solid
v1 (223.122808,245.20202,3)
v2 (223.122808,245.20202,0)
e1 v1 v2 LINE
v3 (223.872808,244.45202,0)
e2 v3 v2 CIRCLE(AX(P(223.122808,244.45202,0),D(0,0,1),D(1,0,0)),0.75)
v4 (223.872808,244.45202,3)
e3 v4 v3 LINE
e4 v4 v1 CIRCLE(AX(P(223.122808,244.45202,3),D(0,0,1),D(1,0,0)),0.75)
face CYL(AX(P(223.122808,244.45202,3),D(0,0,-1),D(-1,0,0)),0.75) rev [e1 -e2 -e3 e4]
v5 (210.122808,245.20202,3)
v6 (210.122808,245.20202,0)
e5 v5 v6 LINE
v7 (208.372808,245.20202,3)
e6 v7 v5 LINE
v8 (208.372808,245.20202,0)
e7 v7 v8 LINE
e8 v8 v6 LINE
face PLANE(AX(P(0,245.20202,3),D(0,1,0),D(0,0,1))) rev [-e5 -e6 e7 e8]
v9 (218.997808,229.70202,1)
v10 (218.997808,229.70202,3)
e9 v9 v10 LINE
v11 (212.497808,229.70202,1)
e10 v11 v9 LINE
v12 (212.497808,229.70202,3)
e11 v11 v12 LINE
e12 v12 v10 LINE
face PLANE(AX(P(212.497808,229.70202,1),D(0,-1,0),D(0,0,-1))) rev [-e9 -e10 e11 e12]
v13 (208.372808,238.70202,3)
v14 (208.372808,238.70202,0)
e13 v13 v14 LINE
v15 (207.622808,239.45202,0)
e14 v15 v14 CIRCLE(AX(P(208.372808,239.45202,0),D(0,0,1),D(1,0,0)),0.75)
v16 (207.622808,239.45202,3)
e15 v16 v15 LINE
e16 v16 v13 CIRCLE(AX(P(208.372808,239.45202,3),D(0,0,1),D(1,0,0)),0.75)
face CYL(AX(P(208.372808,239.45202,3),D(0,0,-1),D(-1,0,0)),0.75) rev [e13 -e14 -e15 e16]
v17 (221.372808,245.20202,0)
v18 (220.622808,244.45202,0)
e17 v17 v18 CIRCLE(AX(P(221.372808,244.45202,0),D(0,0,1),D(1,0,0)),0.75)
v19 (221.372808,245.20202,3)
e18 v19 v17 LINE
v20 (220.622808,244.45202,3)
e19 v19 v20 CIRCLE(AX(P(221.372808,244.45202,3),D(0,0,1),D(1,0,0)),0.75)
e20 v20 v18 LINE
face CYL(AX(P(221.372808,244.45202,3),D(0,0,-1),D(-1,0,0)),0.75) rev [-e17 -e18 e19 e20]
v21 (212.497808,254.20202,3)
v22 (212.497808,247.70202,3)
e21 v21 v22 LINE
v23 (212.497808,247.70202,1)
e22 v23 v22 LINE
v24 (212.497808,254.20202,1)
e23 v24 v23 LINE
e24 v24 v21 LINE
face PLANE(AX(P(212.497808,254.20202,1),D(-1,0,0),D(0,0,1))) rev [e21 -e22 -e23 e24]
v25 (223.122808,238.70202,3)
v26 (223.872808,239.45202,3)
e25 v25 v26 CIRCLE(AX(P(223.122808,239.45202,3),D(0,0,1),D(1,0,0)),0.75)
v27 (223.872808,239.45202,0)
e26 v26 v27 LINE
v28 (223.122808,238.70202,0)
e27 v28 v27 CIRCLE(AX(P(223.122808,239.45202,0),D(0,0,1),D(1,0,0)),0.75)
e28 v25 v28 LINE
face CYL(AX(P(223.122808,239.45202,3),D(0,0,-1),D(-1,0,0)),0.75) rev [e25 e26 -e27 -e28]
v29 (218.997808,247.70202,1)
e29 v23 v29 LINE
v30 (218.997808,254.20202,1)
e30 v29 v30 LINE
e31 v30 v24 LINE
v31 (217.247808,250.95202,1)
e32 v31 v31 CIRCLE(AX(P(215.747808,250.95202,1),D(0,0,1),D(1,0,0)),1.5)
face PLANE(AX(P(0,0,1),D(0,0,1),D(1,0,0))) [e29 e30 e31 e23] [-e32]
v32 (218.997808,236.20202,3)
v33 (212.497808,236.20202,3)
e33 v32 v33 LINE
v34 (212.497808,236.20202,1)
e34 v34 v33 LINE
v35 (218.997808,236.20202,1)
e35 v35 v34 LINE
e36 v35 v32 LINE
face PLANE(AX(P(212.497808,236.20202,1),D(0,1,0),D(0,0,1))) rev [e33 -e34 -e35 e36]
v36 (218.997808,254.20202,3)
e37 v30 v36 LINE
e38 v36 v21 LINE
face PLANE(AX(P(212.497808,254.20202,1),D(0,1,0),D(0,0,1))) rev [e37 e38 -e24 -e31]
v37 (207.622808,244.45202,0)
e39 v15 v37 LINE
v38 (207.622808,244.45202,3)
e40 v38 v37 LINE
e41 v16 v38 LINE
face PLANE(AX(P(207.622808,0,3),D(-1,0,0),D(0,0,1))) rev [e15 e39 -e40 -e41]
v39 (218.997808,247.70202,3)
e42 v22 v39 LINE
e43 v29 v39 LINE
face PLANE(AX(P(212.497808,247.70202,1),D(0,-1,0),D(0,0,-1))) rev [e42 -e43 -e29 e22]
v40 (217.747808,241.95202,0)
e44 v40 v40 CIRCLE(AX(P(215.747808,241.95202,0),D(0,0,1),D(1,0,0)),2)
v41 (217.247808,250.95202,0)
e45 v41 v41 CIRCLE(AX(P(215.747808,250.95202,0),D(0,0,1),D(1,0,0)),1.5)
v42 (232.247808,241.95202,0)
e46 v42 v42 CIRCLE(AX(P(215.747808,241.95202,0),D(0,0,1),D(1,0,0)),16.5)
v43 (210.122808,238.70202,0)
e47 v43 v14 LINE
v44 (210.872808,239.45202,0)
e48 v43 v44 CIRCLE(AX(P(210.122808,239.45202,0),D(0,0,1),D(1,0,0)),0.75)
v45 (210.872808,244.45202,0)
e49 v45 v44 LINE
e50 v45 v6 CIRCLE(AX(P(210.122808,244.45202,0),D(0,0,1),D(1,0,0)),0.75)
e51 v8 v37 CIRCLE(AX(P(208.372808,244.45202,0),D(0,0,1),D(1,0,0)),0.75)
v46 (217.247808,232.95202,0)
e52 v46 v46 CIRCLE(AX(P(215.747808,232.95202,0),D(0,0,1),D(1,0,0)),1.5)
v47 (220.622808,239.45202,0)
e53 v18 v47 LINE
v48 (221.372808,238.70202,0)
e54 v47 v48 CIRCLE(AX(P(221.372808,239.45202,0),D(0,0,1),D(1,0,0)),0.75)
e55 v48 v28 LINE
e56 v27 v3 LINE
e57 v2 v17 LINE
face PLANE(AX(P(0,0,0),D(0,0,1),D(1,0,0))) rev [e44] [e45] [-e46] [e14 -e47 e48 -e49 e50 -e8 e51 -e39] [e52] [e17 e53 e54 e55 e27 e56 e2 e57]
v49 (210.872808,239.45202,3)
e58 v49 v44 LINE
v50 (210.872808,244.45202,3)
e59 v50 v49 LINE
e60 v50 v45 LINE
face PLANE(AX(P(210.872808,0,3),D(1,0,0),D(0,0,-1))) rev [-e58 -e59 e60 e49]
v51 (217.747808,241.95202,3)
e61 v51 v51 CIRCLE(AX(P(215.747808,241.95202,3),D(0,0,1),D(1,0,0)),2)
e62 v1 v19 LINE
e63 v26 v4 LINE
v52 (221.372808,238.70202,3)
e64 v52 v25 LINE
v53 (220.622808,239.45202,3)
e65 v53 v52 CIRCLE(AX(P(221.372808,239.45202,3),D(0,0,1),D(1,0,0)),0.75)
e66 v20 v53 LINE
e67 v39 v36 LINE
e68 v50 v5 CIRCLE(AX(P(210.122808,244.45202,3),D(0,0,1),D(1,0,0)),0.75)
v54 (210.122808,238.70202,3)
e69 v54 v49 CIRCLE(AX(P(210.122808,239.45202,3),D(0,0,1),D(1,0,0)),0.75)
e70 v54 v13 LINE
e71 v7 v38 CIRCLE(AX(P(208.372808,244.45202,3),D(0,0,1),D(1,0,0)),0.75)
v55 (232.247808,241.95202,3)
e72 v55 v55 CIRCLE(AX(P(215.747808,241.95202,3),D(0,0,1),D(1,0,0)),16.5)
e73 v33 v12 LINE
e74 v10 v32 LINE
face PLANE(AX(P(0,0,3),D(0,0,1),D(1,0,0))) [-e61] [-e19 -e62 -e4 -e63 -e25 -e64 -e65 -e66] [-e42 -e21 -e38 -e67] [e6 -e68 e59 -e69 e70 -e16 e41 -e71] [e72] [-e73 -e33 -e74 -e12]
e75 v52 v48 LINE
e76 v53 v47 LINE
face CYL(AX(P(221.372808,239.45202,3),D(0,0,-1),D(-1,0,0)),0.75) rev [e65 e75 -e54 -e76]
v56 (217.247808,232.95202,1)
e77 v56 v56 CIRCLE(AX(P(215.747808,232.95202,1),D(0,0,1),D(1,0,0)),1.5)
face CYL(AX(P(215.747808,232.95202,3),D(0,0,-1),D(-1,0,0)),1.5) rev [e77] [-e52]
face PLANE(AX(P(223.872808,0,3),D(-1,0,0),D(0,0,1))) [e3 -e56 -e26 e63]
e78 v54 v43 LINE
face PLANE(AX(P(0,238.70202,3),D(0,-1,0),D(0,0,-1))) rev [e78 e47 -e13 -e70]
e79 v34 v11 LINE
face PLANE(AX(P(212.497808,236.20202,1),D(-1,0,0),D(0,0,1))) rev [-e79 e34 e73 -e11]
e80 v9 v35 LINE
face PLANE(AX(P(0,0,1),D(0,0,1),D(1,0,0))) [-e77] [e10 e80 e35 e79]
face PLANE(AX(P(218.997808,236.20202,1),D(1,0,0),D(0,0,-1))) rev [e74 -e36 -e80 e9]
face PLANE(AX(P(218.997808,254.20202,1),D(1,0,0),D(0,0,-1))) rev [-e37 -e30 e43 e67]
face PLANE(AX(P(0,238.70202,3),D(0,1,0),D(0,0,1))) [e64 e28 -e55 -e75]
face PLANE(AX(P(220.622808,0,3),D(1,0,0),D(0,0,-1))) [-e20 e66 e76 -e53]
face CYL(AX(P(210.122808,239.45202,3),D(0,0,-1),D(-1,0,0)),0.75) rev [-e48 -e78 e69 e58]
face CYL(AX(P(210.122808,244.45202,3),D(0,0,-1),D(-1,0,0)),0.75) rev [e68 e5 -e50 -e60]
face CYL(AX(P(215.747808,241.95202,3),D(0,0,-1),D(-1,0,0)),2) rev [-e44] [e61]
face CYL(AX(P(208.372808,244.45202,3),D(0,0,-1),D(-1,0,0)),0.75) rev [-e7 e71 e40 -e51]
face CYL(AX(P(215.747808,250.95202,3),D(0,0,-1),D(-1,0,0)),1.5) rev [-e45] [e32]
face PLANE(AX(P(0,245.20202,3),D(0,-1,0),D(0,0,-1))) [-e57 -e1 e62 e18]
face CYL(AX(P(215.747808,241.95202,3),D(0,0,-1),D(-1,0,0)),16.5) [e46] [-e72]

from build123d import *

# Parameters (mm, degrees)
MODEL_R                 = 16.5
MODEL_R_2               = 1.5
MODEL_R_3               = 2
SALIENTE_EXTRUIR1_DEPTH = 3
CROQUIS2_W              = 6.5
CROQUIS2_H              = 6.5
CROQUIS2_W_2            = 6.500000001
CORTAR_EXTRUIR1_DEPTH   = 2


with BuildPart() as part:
    # Model → Saliente-Extruir1 (new body)
    with BuildSketch(Plane.XY):
        with Locations((215.747807914, 241.952019993)):
            Circle(MODEL_R)
        with Locations((215.747807914, 250.952019993)):
            Circle(MODEL_R_2, mode=Mode.SUBTRACT)
        with BuildLine():
            ThreePointArc((207.622807913, 244.452019993), (207.842477828, 244.982350079), (208.372807913, 245.202019993))
            Line((208.372807913, 245.202019993), (210.122807913, 245.202019993))
            ThreePointArc((210.122807913, 245.202019993), (210.653137999, 244.982350079), (210.872807913, 244.452019993))
            Line((210.872807913, 244.452019993), (210.872807913, 239.452019993))
            ThreePointArc((210.872807914, 239.452019993), (210.653137999, 238.921689907), (210.122807913, 238.702019993))
            Line((210.122807913, 238.702019993), (208.372807913, 238.702019993))
            ThreePointArc((208.372807913, 238.702019993), (207.842477828, 238.921689907), (207.622807913, 239.452019993))
            Line((207.622807913, 239.452019993), (207.622807913, 244.452019993))
        make_face(mode=Mode.SUBTRACT)
        with BuildLine():
            Line((221.372807913, 245.202019993), (223.122807913, 245.202019993))
            ThreePointArc((223.122807913, 245.202019993), (223.653137999, 244.982350079), (223.872807913, 244.452019993))
            Line((223.872807913, 244.452019993), (223.872807913, 239.452019993))
            ThreePointArc((223.872807914, 239.452019993), (223.653137999, 238.921689907), (223.122807913, 238.702019993))
            Line((223.122807913, 238.702019993), (221.372807913, 238.702019993))
            ThreePointArc((221.372807913, 238.702019993), (220.842477828, 238.921689907), (220.622807913, 239.452019993))
            Line((220.622807913, 239.452019993), (220.622807913, 244.452019993))
            ThreePointArc((220.622807913, 244.452019993), (220.842477828, 244.982350079), (221.372807913, 245.202019993))
        make_face(mode=Mode.SUBTRACT)
        with Locations((215.747807914, 241.952019993)):
            Circle(MODEL_R_3, mode=Mode.SUBTRACT)
        with Locations((215.747807914, 232.952019993)):
            Circle(MODEL_R_2, mode=Mode.SUBTRACT)
    extrude(amount=SALIENTE_EXTRUIR1_DEPTH)

    # Croquis2 → Cortar-Extruir1 (cut)
    with BuildSketch(Plane.XY.offset(3)):
        with Locations((215.747807914, 250.952019993)):
            Rectangle(CROQUIS2_W, CROQUIS2_H)
        with Locations((215.747807914, 232.952019993)):
            Rectangle(CROQUIS2_W_2, CROQUIS2_H)
    extrude(amount=-CORTAR_EXTRUIR1_DEPTH, mode=Mode.SUBTRACT)


solid = part.part
